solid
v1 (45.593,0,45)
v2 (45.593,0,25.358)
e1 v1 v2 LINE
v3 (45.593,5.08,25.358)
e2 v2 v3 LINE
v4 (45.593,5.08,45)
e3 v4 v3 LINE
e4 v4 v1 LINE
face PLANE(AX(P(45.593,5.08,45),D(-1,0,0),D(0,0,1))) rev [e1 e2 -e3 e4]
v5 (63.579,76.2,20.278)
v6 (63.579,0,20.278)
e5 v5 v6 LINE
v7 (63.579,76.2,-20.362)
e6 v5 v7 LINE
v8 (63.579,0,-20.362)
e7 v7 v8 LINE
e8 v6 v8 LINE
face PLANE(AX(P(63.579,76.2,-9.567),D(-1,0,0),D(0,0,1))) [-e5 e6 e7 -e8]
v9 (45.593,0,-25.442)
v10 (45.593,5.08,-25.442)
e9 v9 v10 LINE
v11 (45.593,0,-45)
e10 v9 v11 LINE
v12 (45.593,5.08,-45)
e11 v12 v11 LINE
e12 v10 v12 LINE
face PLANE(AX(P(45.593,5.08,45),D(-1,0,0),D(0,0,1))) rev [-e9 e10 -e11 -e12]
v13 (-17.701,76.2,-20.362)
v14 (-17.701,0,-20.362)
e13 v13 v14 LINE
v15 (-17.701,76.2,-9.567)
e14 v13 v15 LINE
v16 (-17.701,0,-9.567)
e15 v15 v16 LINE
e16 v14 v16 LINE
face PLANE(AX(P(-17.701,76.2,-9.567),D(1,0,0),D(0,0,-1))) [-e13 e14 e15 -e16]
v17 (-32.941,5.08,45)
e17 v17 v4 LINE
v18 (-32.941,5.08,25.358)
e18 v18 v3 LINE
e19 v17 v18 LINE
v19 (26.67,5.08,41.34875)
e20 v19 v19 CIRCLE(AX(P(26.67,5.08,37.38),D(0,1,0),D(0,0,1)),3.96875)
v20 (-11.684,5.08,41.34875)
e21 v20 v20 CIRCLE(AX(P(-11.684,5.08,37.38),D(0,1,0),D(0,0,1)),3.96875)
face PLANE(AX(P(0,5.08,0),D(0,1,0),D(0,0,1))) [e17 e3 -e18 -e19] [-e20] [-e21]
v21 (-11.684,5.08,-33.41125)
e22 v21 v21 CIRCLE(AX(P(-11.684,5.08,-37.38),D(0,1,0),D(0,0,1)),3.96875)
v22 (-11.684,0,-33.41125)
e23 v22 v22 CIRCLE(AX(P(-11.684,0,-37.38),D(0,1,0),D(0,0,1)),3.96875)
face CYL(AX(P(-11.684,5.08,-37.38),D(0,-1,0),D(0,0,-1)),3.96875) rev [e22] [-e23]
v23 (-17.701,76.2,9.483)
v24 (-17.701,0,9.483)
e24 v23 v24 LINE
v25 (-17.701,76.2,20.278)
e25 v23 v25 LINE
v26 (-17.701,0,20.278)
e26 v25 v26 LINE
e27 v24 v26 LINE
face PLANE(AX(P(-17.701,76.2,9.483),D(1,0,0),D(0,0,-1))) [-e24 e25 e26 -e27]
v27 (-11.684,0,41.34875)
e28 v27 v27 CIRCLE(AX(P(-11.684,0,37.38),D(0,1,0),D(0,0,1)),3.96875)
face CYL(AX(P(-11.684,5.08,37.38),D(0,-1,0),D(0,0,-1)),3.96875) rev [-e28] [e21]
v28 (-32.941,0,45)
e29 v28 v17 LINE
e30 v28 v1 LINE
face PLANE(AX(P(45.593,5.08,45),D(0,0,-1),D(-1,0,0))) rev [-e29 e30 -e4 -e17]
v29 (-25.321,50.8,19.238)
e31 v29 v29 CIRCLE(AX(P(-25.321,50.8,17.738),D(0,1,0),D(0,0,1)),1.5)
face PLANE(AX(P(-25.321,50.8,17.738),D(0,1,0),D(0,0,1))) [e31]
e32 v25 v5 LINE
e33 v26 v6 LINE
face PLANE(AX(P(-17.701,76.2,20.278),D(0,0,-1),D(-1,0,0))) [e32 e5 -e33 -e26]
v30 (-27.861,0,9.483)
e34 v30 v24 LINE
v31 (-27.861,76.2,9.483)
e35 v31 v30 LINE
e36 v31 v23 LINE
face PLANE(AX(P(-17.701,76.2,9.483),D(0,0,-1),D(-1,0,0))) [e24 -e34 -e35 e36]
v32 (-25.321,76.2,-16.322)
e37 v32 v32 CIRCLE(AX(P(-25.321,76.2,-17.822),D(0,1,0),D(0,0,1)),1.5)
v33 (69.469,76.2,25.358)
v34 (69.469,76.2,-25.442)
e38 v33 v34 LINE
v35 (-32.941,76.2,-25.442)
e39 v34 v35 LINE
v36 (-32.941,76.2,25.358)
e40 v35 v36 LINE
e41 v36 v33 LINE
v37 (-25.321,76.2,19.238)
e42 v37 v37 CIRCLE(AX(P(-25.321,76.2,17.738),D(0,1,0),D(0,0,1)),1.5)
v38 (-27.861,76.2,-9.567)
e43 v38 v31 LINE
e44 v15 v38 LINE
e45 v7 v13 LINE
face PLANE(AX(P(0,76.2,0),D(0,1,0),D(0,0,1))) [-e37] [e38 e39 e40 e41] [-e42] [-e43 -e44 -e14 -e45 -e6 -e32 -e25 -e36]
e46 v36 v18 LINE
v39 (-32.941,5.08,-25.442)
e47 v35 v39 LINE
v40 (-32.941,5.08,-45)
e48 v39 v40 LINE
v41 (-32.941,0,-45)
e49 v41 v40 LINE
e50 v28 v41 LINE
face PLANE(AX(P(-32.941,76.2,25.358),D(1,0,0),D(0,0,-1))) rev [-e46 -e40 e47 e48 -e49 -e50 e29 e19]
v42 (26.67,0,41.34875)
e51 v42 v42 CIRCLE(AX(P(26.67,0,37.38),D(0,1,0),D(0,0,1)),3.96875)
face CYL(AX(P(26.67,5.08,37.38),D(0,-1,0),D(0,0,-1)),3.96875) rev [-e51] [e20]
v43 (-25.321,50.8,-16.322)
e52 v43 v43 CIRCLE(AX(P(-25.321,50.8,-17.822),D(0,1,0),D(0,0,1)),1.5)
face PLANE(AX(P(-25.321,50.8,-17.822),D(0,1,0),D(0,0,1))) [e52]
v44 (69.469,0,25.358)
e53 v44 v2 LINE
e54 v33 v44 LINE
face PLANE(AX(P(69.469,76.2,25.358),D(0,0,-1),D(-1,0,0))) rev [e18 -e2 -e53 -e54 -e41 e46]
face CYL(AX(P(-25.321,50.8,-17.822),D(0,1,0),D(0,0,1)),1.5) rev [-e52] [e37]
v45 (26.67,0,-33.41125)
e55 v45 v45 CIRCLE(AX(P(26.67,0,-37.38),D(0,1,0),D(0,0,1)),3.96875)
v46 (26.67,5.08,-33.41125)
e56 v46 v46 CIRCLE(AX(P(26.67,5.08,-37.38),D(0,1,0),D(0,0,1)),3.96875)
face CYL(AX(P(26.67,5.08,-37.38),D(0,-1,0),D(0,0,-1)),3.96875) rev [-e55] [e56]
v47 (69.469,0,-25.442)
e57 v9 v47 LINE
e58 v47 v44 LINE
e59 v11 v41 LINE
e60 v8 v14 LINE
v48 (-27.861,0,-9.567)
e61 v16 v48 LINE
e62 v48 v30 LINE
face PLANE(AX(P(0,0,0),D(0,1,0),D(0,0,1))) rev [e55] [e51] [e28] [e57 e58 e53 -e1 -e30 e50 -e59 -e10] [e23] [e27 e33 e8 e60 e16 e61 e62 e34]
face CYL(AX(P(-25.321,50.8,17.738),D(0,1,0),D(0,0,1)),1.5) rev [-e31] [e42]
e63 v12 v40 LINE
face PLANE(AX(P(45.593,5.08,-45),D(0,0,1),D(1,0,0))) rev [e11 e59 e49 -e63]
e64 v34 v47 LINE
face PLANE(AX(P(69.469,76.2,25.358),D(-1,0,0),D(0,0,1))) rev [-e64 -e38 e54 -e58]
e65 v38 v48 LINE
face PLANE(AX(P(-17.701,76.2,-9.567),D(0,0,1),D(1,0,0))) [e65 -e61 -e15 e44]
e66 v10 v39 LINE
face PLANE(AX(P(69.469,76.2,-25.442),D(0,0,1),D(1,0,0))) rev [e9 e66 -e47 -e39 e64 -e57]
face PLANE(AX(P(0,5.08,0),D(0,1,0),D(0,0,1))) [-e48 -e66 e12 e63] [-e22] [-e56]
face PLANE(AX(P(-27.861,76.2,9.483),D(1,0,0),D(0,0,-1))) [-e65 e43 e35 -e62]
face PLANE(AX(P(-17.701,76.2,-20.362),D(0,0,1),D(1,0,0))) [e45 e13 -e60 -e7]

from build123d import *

# Parameters (mm, degrees)
SKETCH1_W                    = 91.186
SKETCH1_H                    = 90
SKETCH1_R                    = 3.96875
MOUNTING_PLATE_EXTRUDE_DEPTH = 5.08
SKETCH3_W                    = 102.41
SKETCH3_H                    = 50.8
MAIN_EXTRUDE_DEPTH           = 71.12
SKETCH4_W                    = 23.876
SKETCH4_H                    = 50.8
BOSS_EXTRUDE3_DEPTH          = 5.08
SKETCH5_R                    = 1.5
CUT_EXTRUDE1_DEPTH           = 25.4
SKETCH7_W                    = 12.652
SKETCH7_H                    = 90
CUT_EXTRUDE3_DEPTH           = 5.08
CUT_EXTRUDE4_DEPTH           = 5.08


with BuildPart() as part:
    # Sketch1 → Mounting plate extrude (new body)
    with BuildSketch(Plane(origin=(0, 0, 0), x_dir=(1, 0, 0), z_dir=(0, 1, 0))):
        Rectangle(SKETCH1_W, SKETCH1_H)
        with Locations((26.67, -37.38)):
            Circle(SKETCH1_R, mode=Mode.SUBTRACT)
        with Locations((-11.684, -37.38)):
            Circle(SKETCH1_R, mode=Mode.SUBTRACT)
        with Locations((-11.684, 37.38)):
            Circle(SKETCH1_R, mode=Mode.SUBTRACT)
        with Locations((26.67, 37.38)):
            Circle(SKETCH1_R, mode=Mode.SUBTRACT)
    extrude(amount=MOUNTING_PLATE_EXTRUDE_DEPTH)

    # Sketch3 → Main extrude (add)
    with BuildSketch(Plane(origin=(0, 5.08, 0), x_dir=(1, 0, 0), z_dir=(0, 1, 0))):
        with Locations((18.264, 0.042)):
            Rectangle(SKETCH3_W, SKETCH3_H)
        Polygon((-17.701, 9.567), (-17.701, 20.362), (63.579, 20.362), (63.579, 9.567), (63.579, -9.483), (63.579, -20.278), (-17.701, -20.278), (-17.701, -9.483), (-27.861, -9.483), (-27.861, 9.567), align=None, mode=Mode.SUBTRACT)
    extrude(amount=MAIN_EXTRUDE_DEPTH)

    # Sketch4 → Boss-Extrude3 (add)
    with BuildSketch(Plane.XZ.offset(-5.08)):
        with Locations((57.531, -0.042)):
            Rectangle(SKETCH4_W, SKETCH4_H)
    extrude(amount=BOSS_EXTRUDE3_DEPTH)

    # Sketch5 → Cut-Extrude1 (cut)
    with BuildSketch(Plane(origin=(0, 76.2, 0), x_dir=(1, 0, 0), z_dir=(0, 1, 0))):
        with Locations((-25.321, 17.822)):
            Circle(SKETCH5_R)
        with Locations((-25.321, -17.738)):
            Circle(SKETCH5_R)
    extrude(amount=-CUT_EXTRUDE1_DEPTH, mode=Mode.SUBTRACT)

    # Sketch7 → Cut-Extrude3 (cut)
    with BuildSketch(Plane(origin=(0, 5.08, 0), x_dir=(1, 0, 0), z_dir=(0, 1, 0))):
        with Locations((-39.267, 0)):
            Rectangle(SKETCH7_W, SKETCH7_H)
    extrude(amount=-CUT_EXTRUDE3_DEPTH, mode=Mode.SUBTRACT)

    # Sketch8 → Cut-Extrude4 (cut)
    with BuildSketch(Plane(origin=(0, 5.08, 0), x_dir=(1, 0, 0), z_dir=(0, 1, 0))):
        Polygon((-17.701, 20.362), (-17.701, 9.567), (-27.861, 9.567), (-27.861, -9.483), (-17.701, -9.483), (-17.701, -20.278), (63.579, -20.278), (63.579, 20.362), align=None)
    extrude(amount=-CUT_EXTRUDE4_DEPTH, mode=Mode.SUBTRACT)


solid = part.part
